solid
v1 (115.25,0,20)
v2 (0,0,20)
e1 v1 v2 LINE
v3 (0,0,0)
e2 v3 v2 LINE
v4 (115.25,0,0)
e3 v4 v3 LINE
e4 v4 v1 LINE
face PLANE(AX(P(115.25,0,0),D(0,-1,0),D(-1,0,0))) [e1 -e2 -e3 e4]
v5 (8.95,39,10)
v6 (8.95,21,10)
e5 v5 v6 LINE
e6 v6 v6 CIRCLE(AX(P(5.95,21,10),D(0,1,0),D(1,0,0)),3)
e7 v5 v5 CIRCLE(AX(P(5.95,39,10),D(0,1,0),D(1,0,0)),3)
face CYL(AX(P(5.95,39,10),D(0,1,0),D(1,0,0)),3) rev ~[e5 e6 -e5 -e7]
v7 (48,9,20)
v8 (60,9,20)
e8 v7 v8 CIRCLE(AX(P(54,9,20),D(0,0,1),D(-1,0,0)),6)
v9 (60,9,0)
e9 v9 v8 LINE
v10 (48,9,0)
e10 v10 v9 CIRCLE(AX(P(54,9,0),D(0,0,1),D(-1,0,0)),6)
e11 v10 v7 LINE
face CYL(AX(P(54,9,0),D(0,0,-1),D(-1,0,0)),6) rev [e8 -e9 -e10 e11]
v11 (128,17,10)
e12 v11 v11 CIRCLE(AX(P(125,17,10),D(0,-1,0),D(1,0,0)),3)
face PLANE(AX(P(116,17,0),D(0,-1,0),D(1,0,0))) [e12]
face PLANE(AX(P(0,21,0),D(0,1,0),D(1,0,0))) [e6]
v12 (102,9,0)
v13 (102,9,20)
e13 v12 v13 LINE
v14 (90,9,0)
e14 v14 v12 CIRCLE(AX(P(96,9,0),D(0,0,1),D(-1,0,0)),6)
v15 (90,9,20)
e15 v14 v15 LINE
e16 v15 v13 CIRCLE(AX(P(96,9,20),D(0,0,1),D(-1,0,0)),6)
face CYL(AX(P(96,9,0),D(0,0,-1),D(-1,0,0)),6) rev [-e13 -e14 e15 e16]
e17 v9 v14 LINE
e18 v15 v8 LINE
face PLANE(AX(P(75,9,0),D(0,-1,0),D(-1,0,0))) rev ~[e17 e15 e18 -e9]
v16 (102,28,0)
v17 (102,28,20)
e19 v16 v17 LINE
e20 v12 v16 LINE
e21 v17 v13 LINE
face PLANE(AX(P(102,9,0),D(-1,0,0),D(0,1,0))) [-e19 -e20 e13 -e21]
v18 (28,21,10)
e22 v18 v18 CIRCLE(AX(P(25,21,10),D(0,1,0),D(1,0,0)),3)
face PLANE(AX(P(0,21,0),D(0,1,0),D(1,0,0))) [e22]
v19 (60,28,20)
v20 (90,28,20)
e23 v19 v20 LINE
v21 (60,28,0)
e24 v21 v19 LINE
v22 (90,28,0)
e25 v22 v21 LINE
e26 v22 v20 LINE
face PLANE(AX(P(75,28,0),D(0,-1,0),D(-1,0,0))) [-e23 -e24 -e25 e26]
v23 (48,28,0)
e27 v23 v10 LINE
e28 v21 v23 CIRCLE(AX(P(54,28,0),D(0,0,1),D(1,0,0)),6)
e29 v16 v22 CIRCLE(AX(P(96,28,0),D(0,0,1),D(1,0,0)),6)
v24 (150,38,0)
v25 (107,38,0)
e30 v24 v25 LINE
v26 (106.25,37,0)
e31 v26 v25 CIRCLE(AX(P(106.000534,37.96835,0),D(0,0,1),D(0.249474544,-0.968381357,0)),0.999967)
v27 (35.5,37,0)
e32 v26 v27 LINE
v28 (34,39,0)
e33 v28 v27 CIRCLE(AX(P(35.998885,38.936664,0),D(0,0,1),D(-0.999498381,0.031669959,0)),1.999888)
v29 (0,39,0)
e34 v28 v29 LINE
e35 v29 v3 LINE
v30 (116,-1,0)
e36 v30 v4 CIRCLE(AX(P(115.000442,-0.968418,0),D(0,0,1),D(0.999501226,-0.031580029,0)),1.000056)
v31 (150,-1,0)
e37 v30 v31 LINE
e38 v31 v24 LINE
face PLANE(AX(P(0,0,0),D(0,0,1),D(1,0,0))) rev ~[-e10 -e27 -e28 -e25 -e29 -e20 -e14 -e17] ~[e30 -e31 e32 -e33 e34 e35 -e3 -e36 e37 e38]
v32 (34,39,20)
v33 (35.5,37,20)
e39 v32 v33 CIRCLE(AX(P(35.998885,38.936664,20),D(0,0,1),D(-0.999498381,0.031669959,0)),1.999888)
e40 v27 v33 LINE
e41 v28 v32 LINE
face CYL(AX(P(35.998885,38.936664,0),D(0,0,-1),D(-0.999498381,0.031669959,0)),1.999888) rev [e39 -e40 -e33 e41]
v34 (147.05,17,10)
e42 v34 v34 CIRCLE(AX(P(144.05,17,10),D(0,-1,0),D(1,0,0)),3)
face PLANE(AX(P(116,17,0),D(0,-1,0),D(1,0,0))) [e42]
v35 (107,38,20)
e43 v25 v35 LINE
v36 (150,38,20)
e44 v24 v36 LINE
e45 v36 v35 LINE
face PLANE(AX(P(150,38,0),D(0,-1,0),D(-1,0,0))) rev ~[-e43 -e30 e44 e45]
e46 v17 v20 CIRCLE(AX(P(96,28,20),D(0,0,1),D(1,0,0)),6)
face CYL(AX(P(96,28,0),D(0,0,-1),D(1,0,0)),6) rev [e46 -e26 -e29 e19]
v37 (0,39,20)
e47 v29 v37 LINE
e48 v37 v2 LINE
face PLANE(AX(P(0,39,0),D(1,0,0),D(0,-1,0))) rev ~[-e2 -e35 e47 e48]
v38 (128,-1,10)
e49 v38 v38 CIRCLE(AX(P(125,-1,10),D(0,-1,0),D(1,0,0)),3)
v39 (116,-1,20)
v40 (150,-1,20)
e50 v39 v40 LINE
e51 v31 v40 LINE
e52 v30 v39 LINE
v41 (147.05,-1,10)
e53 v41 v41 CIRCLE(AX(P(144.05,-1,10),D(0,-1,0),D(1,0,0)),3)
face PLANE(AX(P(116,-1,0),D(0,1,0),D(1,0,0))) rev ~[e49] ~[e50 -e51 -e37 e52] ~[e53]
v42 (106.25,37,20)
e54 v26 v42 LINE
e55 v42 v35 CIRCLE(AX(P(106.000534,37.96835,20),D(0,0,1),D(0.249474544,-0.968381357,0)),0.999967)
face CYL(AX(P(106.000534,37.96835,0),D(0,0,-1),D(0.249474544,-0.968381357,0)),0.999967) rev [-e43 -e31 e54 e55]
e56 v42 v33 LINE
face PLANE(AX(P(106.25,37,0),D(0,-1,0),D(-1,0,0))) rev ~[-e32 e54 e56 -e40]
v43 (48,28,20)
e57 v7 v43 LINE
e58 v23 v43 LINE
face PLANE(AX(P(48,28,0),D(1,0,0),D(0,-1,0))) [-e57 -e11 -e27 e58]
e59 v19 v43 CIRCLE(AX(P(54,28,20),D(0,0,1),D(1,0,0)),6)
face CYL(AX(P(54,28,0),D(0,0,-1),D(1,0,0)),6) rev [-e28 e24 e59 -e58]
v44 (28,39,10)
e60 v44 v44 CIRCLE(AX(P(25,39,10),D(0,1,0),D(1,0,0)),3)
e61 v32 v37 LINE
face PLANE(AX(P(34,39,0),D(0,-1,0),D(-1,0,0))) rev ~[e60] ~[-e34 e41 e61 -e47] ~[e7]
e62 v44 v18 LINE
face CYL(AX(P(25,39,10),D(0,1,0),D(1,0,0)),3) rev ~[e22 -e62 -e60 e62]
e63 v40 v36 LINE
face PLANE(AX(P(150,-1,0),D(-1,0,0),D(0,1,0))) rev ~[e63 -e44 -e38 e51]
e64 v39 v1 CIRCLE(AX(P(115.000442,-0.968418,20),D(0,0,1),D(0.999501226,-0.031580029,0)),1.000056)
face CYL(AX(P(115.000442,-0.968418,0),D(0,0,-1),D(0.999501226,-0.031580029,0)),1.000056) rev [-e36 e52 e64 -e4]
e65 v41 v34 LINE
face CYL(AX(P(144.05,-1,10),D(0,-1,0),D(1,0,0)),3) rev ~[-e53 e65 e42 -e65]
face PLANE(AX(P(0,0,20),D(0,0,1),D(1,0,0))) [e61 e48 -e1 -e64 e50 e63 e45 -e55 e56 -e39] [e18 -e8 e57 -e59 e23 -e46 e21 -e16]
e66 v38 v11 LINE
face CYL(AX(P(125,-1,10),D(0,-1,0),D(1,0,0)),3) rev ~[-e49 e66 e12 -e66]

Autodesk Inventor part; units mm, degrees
ref_plane "YZ Plane" through (0, 0, 0) normal (1, 0, 0) x (0, 1, 0)
ref_plane "XZ Plane" through (0, 0, 0) normal (0, 1, 0) x (-1, 0, 0)
ref_plane "XY Plane" through (0, 0, 0) normal (0, 0, 1) x (1, 0, 0)
sketch "Sketch1" plane through (0, 0, 0) normal (0, 0, 1) x (1, 0, 0)
  line L0 (0, 0) -> (150, 0) construction
  line L1 (150, 0) -> (150, 39) construction
  line L2 (150, 39) -> (0, 39) construction
  line L3 (0, 38) -> (150, 38) construction
  line L4 (0, 37) -> (150, 37) construction
  arc A0 (106.25, 37) -> (107, 38) centre (106.0005, 37.9684) ccw
  arc A1 (34, 39) -> (35.5, 37) centre (35.999, 38.9367) ccw
  line L5 (0, -1) -> (150, -1) construction
  arc A2 (116, -1) -> (115.25, 0) centre (115.0005, -0.9684) ccw
  line L6 (75, 37) -> (75, 0) construction
  line L7 (0, 18.5) -> (150, 18.5) construction
  line L8 (75, 28) -> (60, 28)
  arc A3 (60, 28) -> (48, 28) centre (54, 28) ccw
  line L9 (48, 28) -> (48, 18.5)
  line L10 (75, 28) -> (90, 28)
  arc A4 (102, 28) -> (90, 28) centre (96, 28) ccw
  line L11 (102, 28) -> (102, 18.5)
  line L12 (75, 9) -> (60, 9)
  arc A5 (48, 9) -> (60, 9) centre (54, 9) ccw
  line L13 (48, 9) -> (48, 18.5)
  arc A6 (90, 9) -> (102, 9) centre (96, 9) ccw
  line L14 (75, 9) -> (90, 9)
  line L15 (102, 9) -> (102, 18.5)
  line L16 (0, 39) -> (0, 0)
  line L17 (115.25, 0) -> (0, 0)
  line L18 (116, -1) -> (150, -1)
  line L19 (150, -1) -> (150, 38)
  line L20 (150, 38) -> (107, 38)
  line L21 (106.25, 37) -> (35.5, 37)
  line L22 (34, 39) -> (0, 39)
  dimension "d0" = 150
  dimension "d1" = 39
  dimension "d9" = 34
  dimension "d11" = 1
  dimension "d17" = 1
  dimension "d18" = 43
  dimension "d19" = 1.25
  dimension "d20" = 1
  dimension "d21" = 2.5
  dimension "d22" = 2
  dimension "d23" = 1
  dimension "d24" = 34
  dimension "d25" = 1.25
  dimension "d26" = 1
  dimension "d27" = 15
  dimension "d29" = 12
  dimension "d30" = 6
extrude "Extrusion1" add sketch "Sketch1" along normal blind 20
sketch "Sketch2" plane through (116, -1, 0) normal (0, -1, 0) x (1, 0, 0)
  line L0 (0, 20) -> (34, 20) construction
  line L1 (0, 0) -> (34, 0) construction
  line L2 (34, 0) -> (34, 20) construction
  line L3 (34, 20) -> (0, 20) construction
  line L4 (0, 20) -> (0, 0) construction
  circle A0 centre (9, 10) radius 3
  circle A1 centre (28.05, 10) radius 3
  line L5 (-116, 0) -> (-116, 20) construction
  line L6 (34, 0) -> (0, 0) construction
  line L7 (-116, 20) -> (34, 20) construction
  line L8 (34, 20) -> (34, 0) construction
  line L9 (34, 0) -> (-116, 0) construction
  line L10 (-116, 0) -> (-116, 20) construction
  line L11 (-116, 20) -> (-0.75, 20) construction
  dimension "d33" = 6
  dimension "d34" = 10
  dimension "d35" = 25
  dimension "d36" = 6
  dimension "d37" = 19.05
extrude "Extrusion4" cut sketch "Sketch2" against normal blind 18
sketch "Sketch3" plane through (0, 39, 0) normal (0, 1, 0) x (1, 0, 0)
  line L0 (150, 0) -> (150, -20) construction
  line L1 (0, 0) -> (150, 0) construction
  line L2 (150, 0) -> (150, -20) construction
  line L3 (150, -20) -> (0, -20) construction
  line L4 (0, -20) -> (0, 0) construction
  circle A0 centre (5.95, -10) radius 3
  circle A1 centre (25, -10) radius 3
  dimension "d45" = 6
  dimension "d46" = 6
  dimension "d47" = 19.05
  dimension "d51" = 125
  dimension "d52" = 10
  dimension "d53" = 10
extrude "Extrusion5" cut sketch "Sketch3" against normal blind 18
thread "Thread1" size "M6x1" class "6H" standard "ANSI Metric M Profile" full length
thread "Thread2" size "M6x1" class "6H" standard "ANSI Metric M Profile" full length
thread "Thread3" size "M6x1" class "6H" standard "ANSI Metric M Profile" full length
thread "Thread4" size "M6x1" class "6H" standard "ANSI Metric M Profile" full length
equation "\"d0\" = lcl"
equation "\"d1\" = lch1"
equation "\"d9\" = lcwd2"
equation "\"d11\" = lch2 - lch1"
equation "\"d17\" = lch2 - lch1"
equation "\"d18\" = lcwd3"
equation "\"d23\" = lch2 - lch1"
equation "\"d24\" = lcwd2"
equation "\"d31\" = lcw"
equation "\"d33\" = dia1"
equation "\"d34\" = 0.5 * lcw"
equation "\"d35\" = lcwd1"
equation "\"d36\" = dia1"
equation "\"d37\" = lcsd"
equation "\"d43\" = td"
equation "\"d45\" = d48"
equation "\"d46\" = d48"
equation "\"d47\" = d49"
equation "\"d51\" = lcl - lcwd1"
equation "\"d52\" = 0.5 * lcw"
equation "\"d53\" = 0.5 * lcw"
equation "\"d54\" = td"
equation "\"dias\" = 8.8"
equation "\"stra1\" = 9.5"
equation "\"diab2\" = 6"
equation "\"stra\" = 25"
equation "\"db1\" = 6"
equation "\"ds1\" = 5.8"
equation "\"ds2\" = 1.6"
equation "\"ang\" = 120deg"
equation "\"db2\" = 3"
equation "\"diab3\" = 7"
equation "\"diab4\" = 3"
equation "\"dias1\" = 13.4375"
equation "\"dias3\" = 2"
equation "\"dias4\" = 4"
equation "\"t1\" = 3"
equation "\"t2\" = 3"
equation "\"t3\" = 6"
equation "\"t4\" = 6"
equation "\"t5\" = 3"
equation "\"diab1\" = 19"
equation "\"afw\" = 0.2"
equation "\"lcsd\" = 19.05"
equation "\"lcwd1\" = 25"
equation "\"lcwd2\" = 34"
equation "\"lcw\" = 20"
equation "\"lch1\" = 39"
equation "\"lch2\" = 40"
equation "\"lcl\" = 150"
equation "\"lcwd3\" = 43"
equation "\"dia1\" = 6"
equation "\"td\" = 18"
equation "\"d48\" = 6"
equation "\"d49\" = 19.05"
equation "\"bhh\" = 6"
equation "\"sw\" = 25"
equation "\"spacert\" = 2"
equation "\"sh\" = 31"
equation "\"pvct\" = 5"
equation "\"dia3\" = 8"
equation "\"dia4\" = 11"
equation "\"tankl\" = 379"
equation "\"play\" = 9"
equation "\"holeh\" = 26"
equation "\"surroundt\" = 5"
equation "\"slack\" = 0.5"
equation "\"play2\" = 3"
equation "\"diaoverflow\" = 25"
equation "\"diaph\" = 32"
equation "\"diawater\" = 25"
equation "\"diacucl\" = 32"
equation "\"diaair\" = 32"
equation "\"diasurroundhole\" = 42"
equation "\"diagrate\" = 12"
equation "\"gratespacing\" = 12.02082"
equation "\"bottomdist\" = 9.6355"
equation "\"sidedist\" = 13.9375"
equation "\"diahcl\" = 32"
equation "\"bracketwtop\" = 6"
equation "\"bracketwbottom\" = 6"
equation "\"nett\" = 1"
equation "\"nethole\" = 16"
equation "\"netside\" = 3.5"
equation "\"nettop\" = 7"
equation "\"netholespacing\" = 2"
equation "\"diaetape\" = 32"
properties part number "load cell" material "Aluminum 6061"
